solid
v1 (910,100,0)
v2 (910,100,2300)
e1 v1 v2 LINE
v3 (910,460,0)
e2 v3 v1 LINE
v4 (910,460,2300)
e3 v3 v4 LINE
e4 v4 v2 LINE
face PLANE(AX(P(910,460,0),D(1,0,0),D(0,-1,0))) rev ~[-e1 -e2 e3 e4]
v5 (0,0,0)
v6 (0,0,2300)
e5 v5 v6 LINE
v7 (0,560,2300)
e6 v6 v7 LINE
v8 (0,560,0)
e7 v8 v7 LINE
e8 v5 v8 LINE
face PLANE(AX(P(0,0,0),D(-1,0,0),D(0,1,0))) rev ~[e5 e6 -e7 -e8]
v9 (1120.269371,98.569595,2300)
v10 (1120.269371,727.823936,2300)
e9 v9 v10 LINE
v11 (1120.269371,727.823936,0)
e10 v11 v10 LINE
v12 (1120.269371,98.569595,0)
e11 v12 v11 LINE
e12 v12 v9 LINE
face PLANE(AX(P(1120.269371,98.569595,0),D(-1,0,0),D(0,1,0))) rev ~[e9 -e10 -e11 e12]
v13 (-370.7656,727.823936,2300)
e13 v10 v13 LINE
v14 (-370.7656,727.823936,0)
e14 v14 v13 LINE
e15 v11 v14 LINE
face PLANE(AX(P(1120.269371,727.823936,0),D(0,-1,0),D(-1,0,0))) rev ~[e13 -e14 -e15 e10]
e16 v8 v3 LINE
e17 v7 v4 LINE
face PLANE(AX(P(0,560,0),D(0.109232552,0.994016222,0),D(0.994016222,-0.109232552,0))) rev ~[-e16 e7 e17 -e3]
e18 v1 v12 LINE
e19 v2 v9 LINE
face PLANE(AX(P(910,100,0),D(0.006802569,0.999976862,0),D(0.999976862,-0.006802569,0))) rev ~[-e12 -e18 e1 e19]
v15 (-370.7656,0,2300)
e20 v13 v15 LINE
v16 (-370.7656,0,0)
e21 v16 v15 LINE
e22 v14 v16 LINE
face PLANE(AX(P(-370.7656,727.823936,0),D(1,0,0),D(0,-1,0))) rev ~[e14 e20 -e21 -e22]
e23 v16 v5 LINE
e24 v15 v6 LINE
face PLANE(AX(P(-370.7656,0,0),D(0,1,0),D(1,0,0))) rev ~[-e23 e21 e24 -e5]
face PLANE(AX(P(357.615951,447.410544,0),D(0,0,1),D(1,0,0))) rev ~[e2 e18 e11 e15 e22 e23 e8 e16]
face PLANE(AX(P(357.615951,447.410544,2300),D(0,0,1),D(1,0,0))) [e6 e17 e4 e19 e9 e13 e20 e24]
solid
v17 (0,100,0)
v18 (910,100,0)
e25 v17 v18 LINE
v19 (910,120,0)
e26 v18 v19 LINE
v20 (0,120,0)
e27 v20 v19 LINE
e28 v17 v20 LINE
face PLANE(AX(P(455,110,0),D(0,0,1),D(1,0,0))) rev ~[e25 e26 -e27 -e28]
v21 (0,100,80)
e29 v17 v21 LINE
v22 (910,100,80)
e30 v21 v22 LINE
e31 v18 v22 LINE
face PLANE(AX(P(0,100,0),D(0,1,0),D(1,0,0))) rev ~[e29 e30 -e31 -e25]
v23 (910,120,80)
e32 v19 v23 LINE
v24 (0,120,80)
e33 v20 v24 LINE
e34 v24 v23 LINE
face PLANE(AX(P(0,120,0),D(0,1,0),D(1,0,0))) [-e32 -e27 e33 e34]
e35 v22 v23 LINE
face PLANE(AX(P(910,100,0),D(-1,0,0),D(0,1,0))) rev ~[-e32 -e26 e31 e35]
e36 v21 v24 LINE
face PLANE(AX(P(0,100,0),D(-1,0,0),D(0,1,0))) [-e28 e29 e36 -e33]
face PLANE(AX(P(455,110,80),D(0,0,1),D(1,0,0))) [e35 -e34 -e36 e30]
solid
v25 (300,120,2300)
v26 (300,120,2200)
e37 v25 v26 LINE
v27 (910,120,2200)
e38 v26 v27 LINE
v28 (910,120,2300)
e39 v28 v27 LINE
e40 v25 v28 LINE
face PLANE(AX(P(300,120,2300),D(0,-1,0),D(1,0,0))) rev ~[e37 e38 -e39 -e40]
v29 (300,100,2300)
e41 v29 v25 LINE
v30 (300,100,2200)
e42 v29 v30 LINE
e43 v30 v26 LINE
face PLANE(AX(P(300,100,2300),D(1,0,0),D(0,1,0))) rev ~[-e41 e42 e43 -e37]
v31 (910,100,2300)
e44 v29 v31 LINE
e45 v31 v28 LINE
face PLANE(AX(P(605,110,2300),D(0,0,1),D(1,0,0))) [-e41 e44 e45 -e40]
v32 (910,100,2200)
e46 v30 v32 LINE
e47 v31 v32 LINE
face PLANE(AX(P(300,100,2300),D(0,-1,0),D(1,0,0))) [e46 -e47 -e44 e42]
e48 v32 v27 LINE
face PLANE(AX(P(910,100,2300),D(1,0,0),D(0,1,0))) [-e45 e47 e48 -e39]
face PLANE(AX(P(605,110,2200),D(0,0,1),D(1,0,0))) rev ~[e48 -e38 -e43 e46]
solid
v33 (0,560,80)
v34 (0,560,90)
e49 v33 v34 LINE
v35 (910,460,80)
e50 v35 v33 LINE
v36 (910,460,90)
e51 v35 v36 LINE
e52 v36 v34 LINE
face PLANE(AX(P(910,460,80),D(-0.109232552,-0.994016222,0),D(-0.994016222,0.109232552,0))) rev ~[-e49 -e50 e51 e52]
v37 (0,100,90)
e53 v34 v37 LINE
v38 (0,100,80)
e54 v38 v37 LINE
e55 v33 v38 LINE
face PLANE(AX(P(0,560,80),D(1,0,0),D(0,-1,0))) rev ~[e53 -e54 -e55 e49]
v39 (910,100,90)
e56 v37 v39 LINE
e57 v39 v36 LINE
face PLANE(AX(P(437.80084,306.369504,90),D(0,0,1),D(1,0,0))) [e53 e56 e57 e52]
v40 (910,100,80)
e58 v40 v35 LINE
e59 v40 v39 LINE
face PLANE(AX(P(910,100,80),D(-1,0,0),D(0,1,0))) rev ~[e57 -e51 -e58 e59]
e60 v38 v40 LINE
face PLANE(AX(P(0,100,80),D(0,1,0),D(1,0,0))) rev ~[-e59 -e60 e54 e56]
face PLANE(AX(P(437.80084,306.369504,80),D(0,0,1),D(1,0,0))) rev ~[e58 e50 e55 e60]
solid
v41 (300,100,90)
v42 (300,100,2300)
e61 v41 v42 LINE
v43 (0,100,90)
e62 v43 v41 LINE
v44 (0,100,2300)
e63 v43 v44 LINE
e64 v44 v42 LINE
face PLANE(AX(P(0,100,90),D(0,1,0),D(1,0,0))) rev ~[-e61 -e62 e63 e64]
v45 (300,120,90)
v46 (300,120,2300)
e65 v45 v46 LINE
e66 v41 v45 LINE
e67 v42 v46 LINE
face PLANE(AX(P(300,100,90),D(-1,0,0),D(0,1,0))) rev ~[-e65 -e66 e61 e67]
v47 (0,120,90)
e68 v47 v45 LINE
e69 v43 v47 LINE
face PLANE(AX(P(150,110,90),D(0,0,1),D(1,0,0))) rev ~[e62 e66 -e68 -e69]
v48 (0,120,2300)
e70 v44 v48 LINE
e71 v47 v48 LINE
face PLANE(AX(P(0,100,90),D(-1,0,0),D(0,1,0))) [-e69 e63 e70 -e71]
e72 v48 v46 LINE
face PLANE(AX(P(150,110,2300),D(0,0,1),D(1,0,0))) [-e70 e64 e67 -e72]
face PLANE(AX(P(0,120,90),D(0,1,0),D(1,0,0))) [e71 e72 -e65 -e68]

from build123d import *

# Parameters (mm, degrees)
F1_DEPTH = 2300
F2_W     = 910
F2_H     = 20
F3_DEPTH = 80
F5_DEPTH = 10
F6_W     = 300
F6_H     = 20
F7_DEPTH = 2210
F8_W     = 610
F8_H     = 20
F9_DEPTH = 100


with BuildPart() as f1:
    # F0 (on Top) → F1 (new body)
    with BuildSketch(Plane.XY):
        Polygon((-370.7656, 0), (0, 0), (0, 560), (910, 460), (910, 100), (1120.269371, 98.569595), (1120.269371, 727.823936), (-370.7656, 727.823936), align=None)
    extrude(amount=F1_DEPTH)


with BuildPart() as f3:
    # F2 (on Top) → F3 (new body)
    with BuildSketch(Plane.XY):
        with Locations((455, 110)):
            Rectangle(F2_W, F2_H)
    extrude(amount=F3_DEPTH)


with BuildPart() as f5:
    # F4 (on face) → F5 (new body)
    with BuildSketch(Plane.XY.offset(80)):
        Polygon((0, 100), (910, 100), (910, 460), (0, 560), align=None)
    extrude(amount=F5_DEPTH)


with BuildPart() as f7:
    # F6 (on face) → F7 (new body, through all)
    with BuildSketch(Plane.XY.offset(90)):
        with Locations((150, 110)):
            Rectangle(F6_W, F6_H)
    extrude(amount=F7_DEPTH)


with BuildPart() as f9:
    # F8 (on face) → F9 (new body)
    with BuildSketch(Plane.XY.offset(2300)):
        with Locations((605, 110)):
            Rectangle(F8_W, F8_H)
    extrude(amount=-F9_DEPTH)


solid = Compound([f1.part, f3.part, f5.part, f7.part, f9.part])
